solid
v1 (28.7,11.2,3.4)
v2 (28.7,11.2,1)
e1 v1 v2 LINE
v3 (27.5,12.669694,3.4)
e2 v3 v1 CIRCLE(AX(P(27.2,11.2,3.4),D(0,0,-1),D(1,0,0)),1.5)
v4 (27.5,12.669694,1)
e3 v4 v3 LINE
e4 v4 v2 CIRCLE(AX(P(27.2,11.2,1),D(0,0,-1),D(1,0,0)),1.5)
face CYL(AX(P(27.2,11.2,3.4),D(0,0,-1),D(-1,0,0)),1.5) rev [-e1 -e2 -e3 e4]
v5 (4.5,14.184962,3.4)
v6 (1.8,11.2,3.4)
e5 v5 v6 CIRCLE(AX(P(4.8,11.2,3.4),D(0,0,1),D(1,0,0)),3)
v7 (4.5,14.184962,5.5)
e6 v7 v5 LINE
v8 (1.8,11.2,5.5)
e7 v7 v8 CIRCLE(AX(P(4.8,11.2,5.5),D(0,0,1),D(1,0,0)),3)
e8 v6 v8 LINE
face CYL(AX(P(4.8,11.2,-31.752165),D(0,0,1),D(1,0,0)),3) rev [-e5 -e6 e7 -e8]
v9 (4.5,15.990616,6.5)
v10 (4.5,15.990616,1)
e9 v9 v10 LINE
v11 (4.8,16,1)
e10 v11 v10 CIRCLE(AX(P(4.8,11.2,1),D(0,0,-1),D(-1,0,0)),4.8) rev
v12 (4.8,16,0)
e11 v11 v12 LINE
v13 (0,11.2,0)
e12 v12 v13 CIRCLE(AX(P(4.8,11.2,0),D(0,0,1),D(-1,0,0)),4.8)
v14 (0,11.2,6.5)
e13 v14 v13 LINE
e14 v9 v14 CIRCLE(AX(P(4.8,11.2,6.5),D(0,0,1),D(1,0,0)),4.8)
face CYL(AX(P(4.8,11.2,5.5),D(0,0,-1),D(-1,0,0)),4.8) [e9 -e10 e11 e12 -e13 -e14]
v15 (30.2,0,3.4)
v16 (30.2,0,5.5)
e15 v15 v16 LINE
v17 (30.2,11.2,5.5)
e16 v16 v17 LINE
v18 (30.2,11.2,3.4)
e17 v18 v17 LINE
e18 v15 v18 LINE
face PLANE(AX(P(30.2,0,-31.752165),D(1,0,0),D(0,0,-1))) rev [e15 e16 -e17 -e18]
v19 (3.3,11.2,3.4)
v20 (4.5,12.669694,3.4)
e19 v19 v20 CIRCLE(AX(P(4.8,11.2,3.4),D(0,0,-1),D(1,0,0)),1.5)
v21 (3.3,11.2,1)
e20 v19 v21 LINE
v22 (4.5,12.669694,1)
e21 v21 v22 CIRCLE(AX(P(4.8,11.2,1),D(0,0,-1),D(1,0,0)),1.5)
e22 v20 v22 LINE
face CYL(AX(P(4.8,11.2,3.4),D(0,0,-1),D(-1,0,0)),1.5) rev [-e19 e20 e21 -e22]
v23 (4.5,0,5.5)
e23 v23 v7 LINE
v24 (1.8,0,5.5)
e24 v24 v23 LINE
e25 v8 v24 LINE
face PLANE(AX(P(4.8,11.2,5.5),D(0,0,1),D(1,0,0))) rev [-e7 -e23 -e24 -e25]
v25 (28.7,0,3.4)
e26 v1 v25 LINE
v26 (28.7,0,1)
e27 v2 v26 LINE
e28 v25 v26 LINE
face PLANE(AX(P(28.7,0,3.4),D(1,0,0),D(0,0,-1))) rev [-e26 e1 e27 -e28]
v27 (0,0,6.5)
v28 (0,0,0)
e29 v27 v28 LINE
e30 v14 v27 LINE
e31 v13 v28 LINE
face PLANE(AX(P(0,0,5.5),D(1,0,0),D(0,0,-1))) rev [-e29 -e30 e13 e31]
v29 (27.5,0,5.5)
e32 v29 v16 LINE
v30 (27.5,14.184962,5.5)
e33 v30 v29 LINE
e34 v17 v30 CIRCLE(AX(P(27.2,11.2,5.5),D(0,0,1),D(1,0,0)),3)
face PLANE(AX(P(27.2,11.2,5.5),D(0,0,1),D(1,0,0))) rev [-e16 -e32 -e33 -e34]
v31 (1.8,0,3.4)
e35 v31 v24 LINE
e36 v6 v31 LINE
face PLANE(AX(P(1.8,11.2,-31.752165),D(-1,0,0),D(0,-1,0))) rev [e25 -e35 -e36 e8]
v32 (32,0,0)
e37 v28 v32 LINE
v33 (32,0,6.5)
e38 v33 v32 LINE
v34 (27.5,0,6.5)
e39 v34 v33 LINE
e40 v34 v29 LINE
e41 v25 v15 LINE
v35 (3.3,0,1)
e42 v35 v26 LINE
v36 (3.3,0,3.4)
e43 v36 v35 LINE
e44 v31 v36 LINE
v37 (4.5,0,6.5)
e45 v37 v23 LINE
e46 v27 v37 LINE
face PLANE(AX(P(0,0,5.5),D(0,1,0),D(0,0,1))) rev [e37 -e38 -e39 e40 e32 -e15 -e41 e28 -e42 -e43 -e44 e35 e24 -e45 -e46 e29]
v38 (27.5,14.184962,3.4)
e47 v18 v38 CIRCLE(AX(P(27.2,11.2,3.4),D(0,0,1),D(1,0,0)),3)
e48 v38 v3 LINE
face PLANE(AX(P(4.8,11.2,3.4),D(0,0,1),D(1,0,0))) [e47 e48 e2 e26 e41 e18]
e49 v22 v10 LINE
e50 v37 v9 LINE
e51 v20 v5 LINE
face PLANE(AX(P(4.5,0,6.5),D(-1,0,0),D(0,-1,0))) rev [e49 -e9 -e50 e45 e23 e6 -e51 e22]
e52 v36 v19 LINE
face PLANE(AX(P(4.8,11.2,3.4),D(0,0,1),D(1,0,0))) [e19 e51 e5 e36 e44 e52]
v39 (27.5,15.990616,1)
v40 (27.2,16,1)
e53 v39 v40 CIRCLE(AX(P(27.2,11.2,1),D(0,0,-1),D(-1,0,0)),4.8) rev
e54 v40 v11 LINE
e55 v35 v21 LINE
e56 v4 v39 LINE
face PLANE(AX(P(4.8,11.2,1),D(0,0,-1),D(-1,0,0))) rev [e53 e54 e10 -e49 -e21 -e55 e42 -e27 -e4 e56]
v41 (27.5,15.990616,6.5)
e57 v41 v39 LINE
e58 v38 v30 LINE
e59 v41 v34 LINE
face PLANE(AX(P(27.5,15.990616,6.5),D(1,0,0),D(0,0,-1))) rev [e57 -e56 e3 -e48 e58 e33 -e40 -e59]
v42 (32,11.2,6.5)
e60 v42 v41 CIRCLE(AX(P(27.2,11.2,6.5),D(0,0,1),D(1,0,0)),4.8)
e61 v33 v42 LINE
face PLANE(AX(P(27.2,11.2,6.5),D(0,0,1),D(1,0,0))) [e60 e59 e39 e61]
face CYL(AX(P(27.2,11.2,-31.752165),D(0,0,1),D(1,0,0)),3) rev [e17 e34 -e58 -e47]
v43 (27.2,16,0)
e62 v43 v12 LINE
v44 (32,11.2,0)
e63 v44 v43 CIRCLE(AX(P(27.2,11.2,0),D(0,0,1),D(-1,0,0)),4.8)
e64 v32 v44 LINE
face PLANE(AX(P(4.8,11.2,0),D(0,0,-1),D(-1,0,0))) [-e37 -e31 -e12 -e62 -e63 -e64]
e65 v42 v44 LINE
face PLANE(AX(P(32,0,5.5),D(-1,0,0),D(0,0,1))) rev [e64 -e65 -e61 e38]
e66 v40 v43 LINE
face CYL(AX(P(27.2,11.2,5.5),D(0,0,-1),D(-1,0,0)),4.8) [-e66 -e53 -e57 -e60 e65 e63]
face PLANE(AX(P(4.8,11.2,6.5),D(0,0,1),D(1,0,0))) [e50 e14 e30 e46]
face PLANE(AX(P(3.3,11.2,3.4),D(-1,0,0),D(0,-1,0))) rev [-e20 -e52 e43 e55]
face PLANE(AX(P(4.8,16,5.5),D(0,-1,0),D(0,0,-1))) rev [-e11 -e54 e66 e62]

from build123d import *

# Parameters (mm, degrees)
BOSS_EXTRUDE2_DEPTH     = 5.5
CUT_EXTRUDE1_DEPTH      = 4.5
BOSS_EXTRUDE3_START     = 2.4
BOSS_EXTRUDE3_DEPTH     = 2.4
SALIENTE_EXTRUIR1_DEPTH = 1
CORTAR_EXTRUIR3_REACH   = 38.363
CROQUIS3_W              = 23
CROQUIS3_H              = 4.5


with BuildPart() as part:
    # Sketch3 → Boss-Extrude2 (new body)
    with BuildSketch(Plane.XY):
        with BuildLine():
            Line((0, 0), (32, 0))
            Line((32, 0), (32, 11.2))
            ThreePointArc((32, 11.2), (30.59411255, 14.59411255), (27.2, 16))
            Line((27.2, 16), (4.8, 16))
            ThreePointArc((4.8, 16), (1.40588745, 14.59411255), (0, 11.2))
            Line((0, 11.2), (0, 0))
        make_face()
    extrude(amount=BOSS_EXTRUDE2_DEPTH)

    # Sketch4 → Cut-Extrude1 (cut)
    with BuildSketch(Plane.XY.offset(5.5)):
        with BuildLine():
            Line((1.8, 0), (30.2, 0))
            Line((30.2, 0), (30.2, 11.2))
            ThreePointArc((30.2, 11.2), (29.321320344, 13.321320344), (27.2, 14.2))
            Line((27.2, 14.2), (4.8, 14.2))
            ThreePointArc((4.8, 14.2), (2.678679656, 13.321320344), (1.8, 11.2))
            Line((1.8, 11.2), (1.8, 0))
        make_face()
    extrude(amount=-CUT_EXTRUDE1_DEPTH, mode=Mode.SUBTRACT)

    # Sketch5 → Boss-Extrude3 (add)
    with BuildSketch(Plane.XY.offset(1).offset(BOSS_EXTRUDE3_START)):
        with BuildLine():
            Line((1.8, 11.2), (1.8, 0))
            Line((1.8, 0), (3.3, 0))
            Line((3.3, 0), (3.3, 11.2))
            ThreePointArc((3.3, 11.2), (3.739339828, 12.260660172), (4.8, 12.7))
            Line((4.8, 12.7), (27.2, 12.7))
            ThreePointArc((27.2, 12.7), (28.260660172, 12.260660172), (28.7, 11.2))
            Line((28.7, 11.2), (28.7, 0))
            Line((28.7, 0), (30.2, 0))
            Line((30.2, 0), (30.2, 11.2))
            ThreePointArc((30.2, 11.2), (29.321320344, 13.321320344), (27.2, 14.2))
            Line((27.2, 14.2), (4.8, 14.2))
            ThreePointArc((4.8, 14.2), (2.678679656, 13.321320344), (1.8, 11.2))
        make_face()
    extrude(amount=-BOSS_EXTRUDE3_DEPTH)

    # Croquis1 → Saliente-Extruir1 (add)
    with BuildSketch(Plane.XY.offset(5.5)):
        with BuildLine():
            Line((4.5, 0), (4.5, 15.990615827))
            ThreePointArc((4.5, 15.990615827), (1.301428863, 14.486335345), (0, 11.2))
            Line((0, 11.2), (0, 0))
            Line((0, 0), (4.5, 0))
        make_face()
        with BuildLine():
            Line((27.5, 15.990615827), (27.5, 0))
            Line((27.5, 0), (32, 0))
            Line((32, 0), (32, 11.2))
            ThreePointArc((32, 11.2), (30.698571137, 14.486335345), (27.5, 15.990615827))
        make_face()
    extrude(amount=SALIENTE_EXTRUIR1_DEPTH)

    # Croquis3 → Cortar-Extruir3 (cut, up to next)
    with BuildSketch(Plane(origin=(0, 16, 0), x_dir=(1, 0, 0), z_dir=(0, 1, 0)), mode=Mode.PRIVATE) as cortar_extruir3_sk1:
        with Locations((16, -3.25)):
            Rectangle(CROQUIS3_W, CROQUIS3_H)
    cortar_extruir3_tool1 = extrude(cortar_extruir3_sk1.sketch, amount=-CORTAR_EXTRUIR3_REACH, mode=Mode.PRIVATE) & part.part
    add(cortar_extruir3_tool1.solids().sort_by_distance((16, 16, 3.25))[0], mode=Mode.SUBTRACT)


solid = part.part
